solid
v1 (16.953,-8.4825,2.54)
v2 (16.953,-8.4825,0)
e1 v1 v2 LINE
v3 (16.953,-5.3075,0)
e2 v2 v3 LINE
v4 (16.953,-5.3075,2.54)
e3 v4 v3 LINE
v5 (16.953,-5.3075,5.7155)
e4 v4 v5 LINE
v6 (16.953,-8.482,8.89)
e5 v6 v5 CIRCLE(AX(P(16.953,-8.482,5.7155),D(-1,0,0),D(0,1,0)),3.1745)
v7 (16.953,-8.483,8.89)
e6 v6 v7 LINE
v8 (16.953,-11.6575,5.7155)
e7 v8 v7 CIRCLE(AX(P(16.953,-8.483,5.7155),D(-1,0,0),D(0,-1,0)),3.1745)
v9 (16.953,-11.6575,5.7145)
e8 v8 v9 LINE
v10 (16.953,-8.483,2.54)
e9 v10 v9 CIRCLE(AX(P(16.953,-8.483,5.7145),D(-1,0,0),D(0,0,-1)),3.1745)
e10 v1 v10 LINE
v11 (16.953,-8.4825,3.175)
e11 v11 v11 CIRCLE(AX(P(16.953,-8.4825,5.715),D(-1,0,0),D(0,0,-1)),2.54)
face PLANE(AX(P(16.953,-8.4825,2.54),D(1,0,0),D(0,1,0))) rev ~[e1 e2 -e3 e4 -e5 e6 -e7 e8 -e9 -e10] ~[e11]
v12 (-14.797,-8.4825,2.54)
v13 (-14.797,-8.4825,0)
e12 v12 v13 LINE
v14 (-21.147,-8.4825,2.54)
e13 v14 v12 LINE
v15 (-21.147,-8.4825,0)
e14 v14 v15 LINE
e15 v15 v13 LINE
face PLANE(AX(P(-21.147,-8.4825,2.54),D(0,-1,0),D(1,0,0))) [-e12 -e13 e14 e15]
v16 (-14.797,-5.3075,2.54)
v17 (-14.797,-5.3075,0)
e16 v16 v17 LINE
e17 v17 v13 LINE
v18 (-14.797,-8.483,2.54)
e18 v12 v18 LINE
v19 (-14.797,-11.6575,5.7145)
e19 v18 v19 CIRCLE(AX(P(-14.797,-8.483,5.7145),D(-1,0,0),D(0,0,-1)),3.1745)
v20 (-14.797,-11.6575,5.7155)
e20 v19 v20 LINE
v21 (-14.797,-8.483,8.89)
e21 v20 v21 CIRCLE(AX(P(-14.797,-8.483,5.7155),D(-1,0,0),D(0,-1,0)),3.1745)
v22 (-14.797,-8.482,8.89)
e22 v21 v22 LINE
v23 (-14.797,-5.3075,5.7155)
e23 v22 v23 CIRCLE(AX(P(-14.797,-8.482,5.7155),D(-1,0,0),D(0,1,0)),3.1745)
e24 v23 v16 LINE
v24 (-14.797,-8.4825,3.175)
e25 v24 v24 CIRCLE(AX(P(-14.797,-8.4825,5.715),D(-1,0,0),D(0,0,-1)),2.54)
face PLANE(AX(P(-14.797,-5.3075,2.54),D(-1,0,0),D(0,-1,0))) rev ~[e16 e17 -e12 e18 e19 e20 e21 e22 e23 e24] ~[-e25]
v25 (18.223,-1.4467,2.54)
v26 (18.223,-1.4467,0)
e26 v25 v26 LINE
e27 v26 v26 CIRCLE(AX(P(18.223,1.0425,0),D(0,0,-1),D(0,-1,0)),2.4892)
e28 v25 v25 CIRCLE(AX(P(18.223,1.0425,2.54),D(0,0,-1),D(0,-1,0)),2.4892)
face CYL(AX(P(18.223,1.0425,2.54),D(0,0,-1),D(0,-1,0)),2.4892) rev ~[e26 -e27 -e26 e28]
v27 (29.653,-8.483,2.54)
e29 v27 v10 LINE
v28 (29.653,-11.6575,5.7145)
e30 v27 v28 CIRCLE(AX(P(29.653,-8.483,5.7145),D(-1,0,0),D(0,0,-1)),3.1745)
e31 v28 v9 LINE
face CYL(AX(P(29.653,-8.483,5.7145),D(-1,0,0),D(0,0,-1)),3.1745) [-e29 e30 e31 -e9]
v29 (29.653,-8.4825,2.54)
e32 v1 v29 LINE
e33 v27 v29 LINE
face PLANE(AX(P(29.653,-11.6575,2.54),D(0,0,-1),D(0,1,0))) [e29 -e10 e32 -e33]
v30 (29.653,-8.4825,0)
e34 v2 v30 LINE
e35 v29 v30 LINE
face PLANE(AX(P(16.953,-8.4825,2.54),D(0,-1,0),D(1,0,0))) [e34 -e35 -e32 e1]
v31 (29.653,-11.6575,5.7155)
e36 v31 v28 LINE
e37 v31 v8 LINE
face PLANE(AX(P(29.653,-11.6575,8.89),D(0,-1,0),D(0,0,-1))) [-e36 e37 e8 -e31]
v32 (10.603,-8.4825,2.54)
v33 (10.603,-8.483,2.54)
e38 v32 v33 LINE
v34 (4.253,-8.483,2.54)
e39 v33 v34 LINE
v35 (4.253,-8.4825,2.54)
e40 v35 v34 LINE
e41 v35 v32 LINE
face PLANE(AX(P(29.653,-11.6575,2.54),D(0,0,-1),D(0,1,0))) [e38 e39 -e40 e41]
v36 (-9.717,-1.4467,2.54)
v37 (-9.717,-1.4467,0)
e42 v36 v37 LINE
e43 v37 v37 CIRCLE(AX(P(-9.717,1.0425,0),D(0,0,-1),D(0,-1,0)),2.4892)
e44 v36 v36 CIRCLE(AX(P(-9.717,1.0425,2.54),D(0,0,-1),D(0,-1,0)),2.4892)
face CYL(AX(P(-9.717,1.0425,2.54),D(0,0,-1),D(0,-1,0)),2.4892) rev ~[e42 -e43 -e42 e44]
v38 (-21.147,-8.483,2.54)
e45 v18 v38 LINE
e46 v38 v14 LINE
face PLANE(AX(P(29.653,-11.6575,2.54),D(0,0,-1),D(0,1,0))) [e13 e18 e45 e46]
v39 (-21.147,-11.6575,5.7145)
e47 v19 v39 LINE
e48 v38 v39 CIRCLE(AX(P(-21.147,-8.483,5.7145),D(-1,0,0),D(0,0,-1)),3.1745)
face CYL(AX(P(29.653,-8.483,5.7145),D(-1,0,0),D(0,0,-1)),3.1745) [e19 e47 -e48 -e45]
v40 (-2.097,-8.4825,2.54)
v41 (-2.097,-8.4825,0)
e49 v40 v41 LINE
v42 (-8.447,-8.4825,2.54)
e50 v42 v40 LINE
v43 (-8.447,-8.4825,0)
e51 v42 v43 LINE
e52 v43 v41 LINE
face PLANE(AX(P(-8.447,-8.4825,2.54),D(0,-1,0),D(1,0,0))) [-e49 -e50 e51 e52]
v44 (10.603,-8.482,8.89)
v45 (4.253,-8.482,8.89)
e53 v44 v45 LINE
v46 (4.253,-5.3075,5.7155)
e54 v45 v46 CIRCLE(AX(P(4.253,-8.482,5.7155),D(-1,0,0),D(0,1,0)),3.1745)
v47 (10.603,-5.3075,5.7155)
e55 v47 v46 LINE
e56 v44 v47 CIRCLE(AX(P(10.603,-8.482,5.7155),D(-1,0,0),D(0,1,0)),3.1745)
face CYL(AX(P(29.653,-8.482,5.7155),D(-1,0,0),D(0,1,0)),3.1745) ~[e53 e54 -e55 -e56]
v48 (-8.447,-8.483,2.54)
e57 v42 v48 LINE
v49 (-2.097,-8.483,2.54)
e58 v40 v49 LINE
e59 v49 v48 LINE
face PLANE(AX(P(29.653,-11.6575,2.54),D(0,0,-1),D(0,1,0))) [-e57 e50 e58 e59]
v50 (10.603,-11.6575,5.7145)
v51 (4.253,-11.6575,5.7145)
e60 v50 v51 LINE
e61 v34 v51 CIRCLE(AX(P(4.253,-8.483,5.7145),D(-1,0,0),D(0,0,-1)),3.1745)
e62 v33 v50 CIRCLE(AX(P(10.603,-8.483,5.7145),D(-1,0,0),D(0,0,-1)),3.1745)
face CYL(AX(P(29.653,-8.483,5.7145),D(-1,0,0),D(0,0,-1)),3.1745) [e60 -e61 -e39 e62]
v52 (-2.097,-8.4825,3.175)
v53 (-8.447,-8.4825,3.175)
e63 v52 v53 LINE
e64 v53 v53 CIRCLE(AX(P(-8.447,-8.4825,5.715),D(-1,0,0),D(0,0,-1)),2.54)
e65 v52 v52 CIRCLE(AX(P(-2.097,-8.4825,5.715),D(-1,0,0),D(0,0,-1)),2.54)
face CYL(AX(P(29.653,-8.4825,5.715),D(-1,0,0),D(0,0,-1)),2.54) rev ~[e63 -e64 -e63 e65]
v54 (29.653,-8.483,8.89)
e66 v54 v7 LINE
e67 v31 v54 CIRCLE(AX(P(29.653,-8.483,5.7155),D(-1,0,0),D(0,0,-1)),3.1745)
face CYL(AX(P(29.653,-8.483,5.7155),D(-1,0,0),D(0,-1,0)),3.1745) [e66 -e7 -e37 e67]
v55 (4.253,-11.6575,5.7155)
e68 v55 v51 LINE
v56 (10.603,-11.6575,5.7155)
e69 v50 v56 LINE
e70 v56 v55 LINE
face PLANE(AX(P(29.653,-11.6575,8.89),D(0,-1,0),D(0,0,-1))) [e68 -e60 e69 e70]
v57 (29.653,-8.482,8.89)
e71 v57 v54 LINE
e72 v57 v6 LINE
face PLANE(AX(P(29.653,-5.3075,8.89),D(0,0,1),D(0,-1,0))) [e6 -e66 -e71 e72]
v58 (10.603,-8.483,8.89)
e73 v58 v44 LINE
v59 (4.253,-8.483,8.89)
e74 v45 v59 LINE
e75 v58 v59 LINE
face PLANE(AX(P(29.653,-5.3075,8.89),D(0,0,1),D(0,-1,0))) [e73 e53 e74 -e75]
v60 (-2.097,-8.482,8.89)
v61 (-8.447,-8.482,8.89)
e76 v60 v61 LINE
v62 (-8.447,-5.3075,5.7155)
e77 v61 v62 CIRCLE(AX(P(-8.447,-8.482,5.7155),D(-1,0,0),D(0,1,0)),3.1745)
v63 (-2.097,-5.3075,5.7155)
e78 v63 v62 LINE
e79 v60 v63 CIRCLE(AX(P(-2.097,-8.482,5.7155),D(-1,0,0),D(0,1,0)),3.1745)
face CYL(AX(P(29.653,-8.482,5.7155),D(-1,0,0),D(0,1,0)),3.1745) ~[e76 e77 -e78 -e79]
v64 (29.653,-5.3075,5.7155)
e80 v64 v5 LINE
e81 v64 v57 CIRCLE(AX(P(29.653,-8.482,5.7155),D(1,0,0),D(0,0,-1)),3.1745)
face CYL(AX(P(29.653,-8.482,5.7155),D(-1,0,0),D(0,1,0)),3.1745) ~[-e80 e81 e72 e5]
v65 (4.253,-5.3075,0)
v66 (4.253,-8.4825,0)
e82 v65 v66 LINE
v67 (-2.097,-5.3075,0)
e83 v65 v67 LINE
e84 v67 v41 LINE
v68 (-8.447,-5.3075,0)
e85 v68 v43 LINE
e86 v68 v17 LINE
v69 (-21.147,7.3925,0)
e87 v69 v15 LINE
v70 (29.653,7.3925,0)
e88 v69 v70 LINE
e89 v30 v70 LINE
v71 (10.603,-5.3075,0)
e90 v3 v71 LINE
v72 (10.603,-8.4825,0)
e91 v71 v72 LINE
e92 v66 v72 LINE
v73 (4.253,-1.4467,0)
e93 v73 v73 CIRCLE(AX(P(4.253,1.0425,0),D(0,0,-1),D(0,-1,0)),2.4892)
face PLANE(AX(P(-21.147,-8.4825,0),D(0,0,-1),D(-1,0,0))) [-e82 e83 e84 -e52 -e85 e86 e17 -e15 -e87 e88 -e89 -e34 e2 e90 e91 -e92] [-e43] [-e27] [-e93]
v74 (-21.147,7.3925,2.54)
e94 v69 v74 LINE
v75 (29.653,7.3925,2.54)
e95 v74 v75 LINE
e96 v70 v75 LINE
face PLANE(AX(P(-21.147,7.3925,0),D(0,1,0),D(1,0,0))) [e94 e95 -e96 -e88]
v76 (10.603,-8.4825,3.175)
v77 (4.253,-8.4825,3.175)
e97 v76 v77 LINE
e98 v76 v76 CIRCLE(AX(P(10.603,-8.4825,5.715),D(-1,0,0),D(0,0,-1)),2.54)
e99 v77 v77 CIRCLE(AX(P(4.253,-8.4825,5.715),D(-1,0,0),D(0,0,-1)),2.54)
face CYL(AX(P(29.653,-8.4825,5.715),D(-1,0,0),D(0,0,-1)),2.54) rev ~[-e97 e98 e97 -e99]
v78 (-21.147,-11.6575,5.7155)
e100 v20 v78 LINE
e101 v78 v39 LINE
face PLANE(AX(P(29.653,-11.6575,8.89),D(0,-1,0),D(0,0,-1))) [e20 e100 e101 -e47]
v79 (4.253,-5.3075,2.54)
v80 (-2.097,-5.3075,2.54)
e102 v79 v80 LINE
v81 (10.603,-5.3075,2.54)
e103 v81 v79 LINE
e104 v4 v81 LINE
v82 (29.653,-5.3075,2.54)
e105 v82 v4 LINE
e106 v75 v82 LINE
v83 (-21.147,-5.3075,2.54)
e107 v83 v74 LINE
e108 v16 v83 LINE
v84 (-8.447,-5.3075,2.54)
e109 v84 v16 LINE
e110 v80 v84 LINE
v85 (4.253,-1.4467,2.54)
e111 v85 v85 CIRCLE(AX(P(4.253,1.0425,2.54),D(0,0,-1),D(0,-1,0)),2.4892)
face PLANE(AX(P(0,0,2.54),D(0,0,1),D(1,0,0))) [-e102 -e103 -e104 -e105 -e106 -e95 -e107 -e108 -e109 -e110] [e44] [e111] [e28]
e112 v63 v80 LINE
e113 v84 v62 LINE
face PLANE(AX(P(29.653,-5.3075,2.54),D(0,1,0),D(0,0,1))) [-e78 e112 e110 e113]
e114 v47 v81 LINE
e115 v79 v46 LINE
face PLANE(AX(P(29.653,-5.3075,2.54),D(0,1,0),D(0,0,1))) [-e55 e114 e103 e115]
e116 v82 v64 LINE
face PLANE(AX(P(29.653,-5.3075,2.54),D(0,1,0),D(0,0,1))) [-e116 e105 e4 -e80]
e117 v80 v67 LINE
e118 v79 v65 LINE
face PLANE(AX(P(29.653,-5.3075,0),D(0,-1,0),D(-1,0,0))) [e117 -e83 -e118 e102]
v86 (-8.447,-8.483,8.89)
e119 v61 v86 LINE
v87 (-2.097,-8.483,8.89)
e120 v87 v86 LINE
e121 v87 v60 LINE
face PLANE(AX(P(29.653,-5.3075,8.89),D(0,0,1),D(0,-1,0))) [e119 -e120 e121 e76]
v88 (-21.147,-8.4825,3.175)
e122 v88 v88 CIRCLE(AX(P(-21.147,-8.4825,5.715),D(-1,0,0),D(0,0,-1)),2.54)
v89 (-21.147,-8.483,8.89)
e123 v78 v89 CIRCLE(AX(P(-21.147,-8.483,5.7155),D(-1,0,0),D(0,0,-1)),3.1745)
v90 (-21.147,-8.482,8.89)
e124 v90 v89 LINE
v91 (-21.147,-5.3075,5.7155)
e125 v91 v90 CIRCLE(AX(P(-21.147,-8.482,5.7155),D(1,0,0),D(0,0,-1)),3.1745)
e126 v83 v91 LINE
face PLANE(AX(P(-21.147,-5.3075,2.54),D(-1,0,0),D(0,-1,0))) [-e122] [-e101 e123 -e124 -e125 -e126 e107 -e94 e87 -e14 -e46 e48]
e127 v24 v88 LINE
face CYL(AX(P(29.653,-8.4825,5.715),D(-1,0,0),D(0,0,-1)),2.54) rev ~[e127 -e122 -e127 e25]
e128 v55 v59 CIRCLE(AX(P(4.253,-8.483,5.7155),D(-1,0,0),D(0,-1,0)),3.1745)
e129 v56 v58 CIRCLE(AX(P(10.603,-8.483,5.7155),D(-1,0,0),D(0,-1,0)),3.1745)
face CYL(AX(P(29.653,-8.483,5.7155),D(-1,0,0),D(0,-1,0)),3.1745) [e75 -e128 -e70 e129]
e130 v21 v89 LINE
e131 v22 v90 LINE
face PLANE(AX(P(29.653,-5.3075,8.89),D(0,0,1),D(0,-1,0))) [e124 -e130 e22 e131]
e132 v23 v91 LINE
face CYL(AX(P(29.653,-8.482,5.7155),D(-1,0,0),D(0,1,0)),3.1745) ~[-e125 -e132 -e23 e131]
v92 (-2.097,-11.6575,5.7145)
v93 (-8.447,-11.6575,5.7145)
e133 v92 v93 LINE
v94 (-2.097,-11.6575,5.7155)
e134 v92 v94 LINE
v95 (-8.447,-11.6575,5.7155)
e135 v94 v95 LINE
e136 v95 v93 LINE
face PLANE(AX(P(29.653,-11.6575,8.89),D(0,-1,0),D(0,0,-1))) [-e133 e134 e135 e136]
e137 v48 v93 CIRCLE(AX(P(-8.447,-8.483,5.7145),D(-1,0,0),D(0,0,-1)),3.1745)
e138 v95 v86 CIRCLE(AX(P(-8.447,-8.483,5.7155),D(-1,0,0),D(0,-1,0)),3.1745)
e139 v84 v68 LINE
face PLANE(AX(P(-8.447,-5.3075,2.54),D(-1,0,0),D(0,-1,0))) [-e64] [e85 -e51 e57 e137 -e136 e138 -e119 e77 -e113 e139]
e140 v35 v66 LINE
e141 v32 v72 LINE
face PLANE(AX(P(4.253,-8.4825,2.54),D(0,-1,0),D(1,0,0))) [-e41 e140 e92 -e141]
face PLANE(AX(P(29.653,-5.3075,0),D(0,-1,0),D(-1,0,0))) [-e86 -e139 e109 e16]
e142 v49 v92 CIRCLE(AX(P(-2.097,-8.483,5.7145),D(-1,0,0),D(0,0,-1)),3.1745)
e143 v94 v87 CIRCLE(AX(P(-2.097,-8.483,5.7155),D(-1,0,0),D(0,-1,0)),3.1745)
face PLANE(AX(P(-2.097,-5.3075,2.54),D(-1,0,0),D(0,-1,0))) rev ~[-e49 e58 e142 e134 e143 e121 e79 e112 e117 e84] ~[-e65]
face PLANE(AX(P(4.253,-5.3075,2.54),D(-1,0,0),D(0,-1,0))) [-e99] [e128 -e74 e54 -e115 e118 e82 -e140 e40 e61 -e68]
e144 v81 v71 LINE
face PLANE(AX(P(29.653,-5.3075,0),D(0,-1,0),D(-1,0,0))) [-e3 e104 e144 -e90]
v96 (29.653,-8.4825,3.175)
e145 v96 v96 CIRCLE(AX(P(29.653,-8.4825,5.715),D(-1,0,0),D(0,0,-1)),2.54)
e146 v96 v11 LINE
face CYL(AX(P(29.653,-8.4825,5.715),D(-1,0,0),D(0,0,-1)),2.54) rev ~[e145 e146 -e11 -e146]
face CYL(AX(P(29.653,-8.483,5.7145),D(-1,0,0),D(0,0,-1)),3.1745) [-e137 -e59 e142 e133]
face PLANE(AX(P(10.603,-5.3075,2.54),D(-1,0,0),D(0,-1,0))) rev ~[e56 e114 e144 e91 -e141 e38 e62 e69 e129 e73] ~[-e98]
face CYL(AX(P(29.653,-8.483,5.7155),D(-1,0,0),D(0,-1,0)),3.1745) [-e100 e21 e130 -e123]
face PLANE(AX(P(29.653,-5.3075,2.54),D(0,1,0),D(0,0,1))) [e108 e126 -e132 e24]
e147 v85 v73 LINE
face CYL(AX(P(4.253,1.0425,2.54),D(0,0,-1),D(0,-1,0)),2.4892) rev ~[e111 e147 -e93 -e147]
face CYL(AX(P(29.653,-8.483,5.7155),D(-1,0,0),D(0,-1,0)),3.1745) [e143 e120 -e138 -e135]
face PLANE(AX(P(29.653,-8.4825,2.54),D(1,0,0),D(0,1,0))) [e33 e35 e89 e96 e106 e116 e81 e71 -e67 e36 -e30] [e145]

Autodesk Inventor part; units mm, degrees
ref_plane "YZ Plane" through (0, 0, 0) normal (1, 0, 0) x (0, 1, 0)
ref_plane "XZ Plane" through (0, 0, 0) normal (0, 1, 0) x (-1, 0, 0)
ref_plane "XY Plane" through (0, 0, 0) normal (0, 0, 1) x (1, 0, 0)
sketch "Sketch1" plane through (0, 0, 0) normal (0, 0, 1) x (1, 0, 0)
  line L0 (-21.147, 7.3925) -> (29.653, 7.3925)
  line L1 (29.653, 7.3925) -> (29.653, -5.3075)
  line L2 (29.653, -5.3075) -> (-21.147, -5.3075)
  line L3 (-21.147, -5.3075) -> (-21.147, 7.3925)
  point P0 (0, 0)
  dimension "d0" = 50.8
  dimension "d1" = 12.7
extrude "Extrusion1" add sketch "Sketch1" along normal blind 2.54
sketch "Sketch3" plane through (29.653, -5.3075, 0) normal (1, 0, 0) x (0, 0, -1)
  line L0 (-2.54, 0) -> (-8.89, 0)
  line L1 (-8.89, 0) -> (-8.89, -6.35)
  line L2 (-8.89, -6.35) -> (-2.54, -6.35)
  line L3 (-2.54, -6.35) -> (-2.54, 0)
  point P0 (0, 5.3075)
  dimension "d9" = 6.35
  dimension "d10" = 6.35
extrude "Extrusion2" add sketch "Sketch3" against normal blind 50.8
fillet "Fillet1" radius 3.175 3 edges at (4.253, -5.3075, 8.89) (4.253, -11.6575, 8.89) (4.253, -11.6575, 2.54)
hole "Hole1" at (29.653, -8.4825, 5.715) direction (-1, 0, 0) diameter 5.08 end through all
sketch "Sketch4" plane through (-21.147, -5.3075, 2.54) normal (0, 1, 0) x (1, 0, 0)
  line L0 (50.8, 0) -> (0, 0) projected
  line L1 (0, 0) -> (0, -3.175) projected
  line L2 (6.35, 0) -> (12.7, 0)
  line L3 (12.7, 0) -> (12.7, -6.6787)
  line L4 (12.7, -6.6787) -> (6.35, -6.6787)
  line L5 (6.35, -6.6787) -> (6.35, 0)
  line L6 (19.05, 0) -> (25.4, 0)
  line L7 (25.4, 0) -> (25.4, -6.6787)
  line L8 (25.4, -6.6787) -> (19.05, -6.6787)
  line L9 (19.05, -6.6787) -> (19.05, 0)
  line L10 (31.75, 0) -> (38.1, 0)
  line L11 (38.1, 0) -> (38.1, -6.6787)
  line L12 (38.1, -6.6787) -> (31.75, -6.6787)
  line L13 (31.75, -6.6787) -> (31.75, 0)
  point P0 (21.147, 2.54)
  dimension "d23" = 6.35
  dimension "d24" = 6.35
  dimension "d25" = 6.35
  dimension "d26" = 6.35
  dimension "d27" = 6.35
  dimension "d28" = 6.35
extrude "Extrusion3" cut sketch "Sketch4" against normal blind 12.7
hole "Hole2" at (-9.717, 1.0425, 2.54) direction (0, 0, -1) diameter 4.9784 end through all thread size "1/4-20 UNC" class "2B" standard "ANSI Unified Screw Threads"
hole "Hole3" at (18.223, 1.0425, 2.54) direction (0, 0, -1) diameter 4.9784 end through all thread size "1/4-20 UNC" class "2B" standard "ANSI Unified Screw Threads"
hole "Hole4" at (4.253, 1.0425, 2.54) direction (0, 0, -1) diameter 4.9784 end through all thread size "1/4-20 UNC" class "2B" standard "ANSI Unified Screw Threads"
sketch "Sketch5" plane through (29.653, -8.4825, 2.54) normal (0, 0, -1) x (-1, 0, 0)
  line L0 (12.7, 0) -> (12.7, 3.175) projected
  line L1 (0, 3.175) -> (12.7, 3.175) projected
  line L2 (0, 3.175) -> (12.7, 3.175)
  line L3 (12.7, 3.175) -> (12.7, 0)
  line L4 (12.7, 0) -> (0, 0)
  line L5 (0, 0) -> (0, 3.175)
  point P0 (29.653, 8.4825)
sketch "Sketch6" plane through (10.603, -8.4825, 2.54) normal (0, 0, -1) x (-1, 0, 0)
  line L0 (0, 3.175) -> (0, 0) projected
  line L1 (6.35, 0) -> (0, 0) projected
  line L2 (0, 3.175) -> (6.35, 3.175)
  line L3 (6.35, 3.175) -> (6.35, 0)
  line L4 (6.35, 0) -> (0, 0)
  line L5 (0, 0) -> (0, 3.175)
  point P0 (10.603, 8.4825)
sketch "Sketch7" plane through (-2.097, -8.4825, 2.54) normal (0, 0, -1) x (-1, 0, 0)
  line L0 (0, 3.175) -> (0, 0) projected
  line L1 (6.35, 0) -> (0, 0) projected
  line L2 (0, 3.175) -> (6.35, 3.175)
  line L3 (6.35, 3.175) -> (6.35, 0)
  line L4 (6.35, 0) -> (0, 0)
  line L5 (0, 0) -> (0, 3.175)
  point P0 (-2.097, 8.4825)
sketch "Sketch8" plane through (-21.147, -8.4825, 2.54) normal (0, 0, -1) x (-1, 0, 0)
  line L0 (-6.35, 3.175) -> (-6.35, 0) projected
  line L1 (0, 0) -> (-6.35, 0) projected
  line L2 (-6.35, 3.175) -> (0, 3.175)
  line L3 (0, 3.175) -> (0, 0)
  line L4 (0, 0) -> (-6.35, 0)
  line L5 (-6.35, 0) -> (-6.35, 3.175)
  point P0 (-21.147, 8.4825)
extrude "Extrusion4" add sketch "Sketch5" along normal blind 2.54
extrude "Extrusion5" add sketch "Sketch6" along normal blind 2.54
extrude "Extrusion6" add sketch "Sketch7" along normal blind 2.54
extrude "Extrusion7" add sketch "Sketch8" along normal blind 2.54
properties part number "HingeP1"
